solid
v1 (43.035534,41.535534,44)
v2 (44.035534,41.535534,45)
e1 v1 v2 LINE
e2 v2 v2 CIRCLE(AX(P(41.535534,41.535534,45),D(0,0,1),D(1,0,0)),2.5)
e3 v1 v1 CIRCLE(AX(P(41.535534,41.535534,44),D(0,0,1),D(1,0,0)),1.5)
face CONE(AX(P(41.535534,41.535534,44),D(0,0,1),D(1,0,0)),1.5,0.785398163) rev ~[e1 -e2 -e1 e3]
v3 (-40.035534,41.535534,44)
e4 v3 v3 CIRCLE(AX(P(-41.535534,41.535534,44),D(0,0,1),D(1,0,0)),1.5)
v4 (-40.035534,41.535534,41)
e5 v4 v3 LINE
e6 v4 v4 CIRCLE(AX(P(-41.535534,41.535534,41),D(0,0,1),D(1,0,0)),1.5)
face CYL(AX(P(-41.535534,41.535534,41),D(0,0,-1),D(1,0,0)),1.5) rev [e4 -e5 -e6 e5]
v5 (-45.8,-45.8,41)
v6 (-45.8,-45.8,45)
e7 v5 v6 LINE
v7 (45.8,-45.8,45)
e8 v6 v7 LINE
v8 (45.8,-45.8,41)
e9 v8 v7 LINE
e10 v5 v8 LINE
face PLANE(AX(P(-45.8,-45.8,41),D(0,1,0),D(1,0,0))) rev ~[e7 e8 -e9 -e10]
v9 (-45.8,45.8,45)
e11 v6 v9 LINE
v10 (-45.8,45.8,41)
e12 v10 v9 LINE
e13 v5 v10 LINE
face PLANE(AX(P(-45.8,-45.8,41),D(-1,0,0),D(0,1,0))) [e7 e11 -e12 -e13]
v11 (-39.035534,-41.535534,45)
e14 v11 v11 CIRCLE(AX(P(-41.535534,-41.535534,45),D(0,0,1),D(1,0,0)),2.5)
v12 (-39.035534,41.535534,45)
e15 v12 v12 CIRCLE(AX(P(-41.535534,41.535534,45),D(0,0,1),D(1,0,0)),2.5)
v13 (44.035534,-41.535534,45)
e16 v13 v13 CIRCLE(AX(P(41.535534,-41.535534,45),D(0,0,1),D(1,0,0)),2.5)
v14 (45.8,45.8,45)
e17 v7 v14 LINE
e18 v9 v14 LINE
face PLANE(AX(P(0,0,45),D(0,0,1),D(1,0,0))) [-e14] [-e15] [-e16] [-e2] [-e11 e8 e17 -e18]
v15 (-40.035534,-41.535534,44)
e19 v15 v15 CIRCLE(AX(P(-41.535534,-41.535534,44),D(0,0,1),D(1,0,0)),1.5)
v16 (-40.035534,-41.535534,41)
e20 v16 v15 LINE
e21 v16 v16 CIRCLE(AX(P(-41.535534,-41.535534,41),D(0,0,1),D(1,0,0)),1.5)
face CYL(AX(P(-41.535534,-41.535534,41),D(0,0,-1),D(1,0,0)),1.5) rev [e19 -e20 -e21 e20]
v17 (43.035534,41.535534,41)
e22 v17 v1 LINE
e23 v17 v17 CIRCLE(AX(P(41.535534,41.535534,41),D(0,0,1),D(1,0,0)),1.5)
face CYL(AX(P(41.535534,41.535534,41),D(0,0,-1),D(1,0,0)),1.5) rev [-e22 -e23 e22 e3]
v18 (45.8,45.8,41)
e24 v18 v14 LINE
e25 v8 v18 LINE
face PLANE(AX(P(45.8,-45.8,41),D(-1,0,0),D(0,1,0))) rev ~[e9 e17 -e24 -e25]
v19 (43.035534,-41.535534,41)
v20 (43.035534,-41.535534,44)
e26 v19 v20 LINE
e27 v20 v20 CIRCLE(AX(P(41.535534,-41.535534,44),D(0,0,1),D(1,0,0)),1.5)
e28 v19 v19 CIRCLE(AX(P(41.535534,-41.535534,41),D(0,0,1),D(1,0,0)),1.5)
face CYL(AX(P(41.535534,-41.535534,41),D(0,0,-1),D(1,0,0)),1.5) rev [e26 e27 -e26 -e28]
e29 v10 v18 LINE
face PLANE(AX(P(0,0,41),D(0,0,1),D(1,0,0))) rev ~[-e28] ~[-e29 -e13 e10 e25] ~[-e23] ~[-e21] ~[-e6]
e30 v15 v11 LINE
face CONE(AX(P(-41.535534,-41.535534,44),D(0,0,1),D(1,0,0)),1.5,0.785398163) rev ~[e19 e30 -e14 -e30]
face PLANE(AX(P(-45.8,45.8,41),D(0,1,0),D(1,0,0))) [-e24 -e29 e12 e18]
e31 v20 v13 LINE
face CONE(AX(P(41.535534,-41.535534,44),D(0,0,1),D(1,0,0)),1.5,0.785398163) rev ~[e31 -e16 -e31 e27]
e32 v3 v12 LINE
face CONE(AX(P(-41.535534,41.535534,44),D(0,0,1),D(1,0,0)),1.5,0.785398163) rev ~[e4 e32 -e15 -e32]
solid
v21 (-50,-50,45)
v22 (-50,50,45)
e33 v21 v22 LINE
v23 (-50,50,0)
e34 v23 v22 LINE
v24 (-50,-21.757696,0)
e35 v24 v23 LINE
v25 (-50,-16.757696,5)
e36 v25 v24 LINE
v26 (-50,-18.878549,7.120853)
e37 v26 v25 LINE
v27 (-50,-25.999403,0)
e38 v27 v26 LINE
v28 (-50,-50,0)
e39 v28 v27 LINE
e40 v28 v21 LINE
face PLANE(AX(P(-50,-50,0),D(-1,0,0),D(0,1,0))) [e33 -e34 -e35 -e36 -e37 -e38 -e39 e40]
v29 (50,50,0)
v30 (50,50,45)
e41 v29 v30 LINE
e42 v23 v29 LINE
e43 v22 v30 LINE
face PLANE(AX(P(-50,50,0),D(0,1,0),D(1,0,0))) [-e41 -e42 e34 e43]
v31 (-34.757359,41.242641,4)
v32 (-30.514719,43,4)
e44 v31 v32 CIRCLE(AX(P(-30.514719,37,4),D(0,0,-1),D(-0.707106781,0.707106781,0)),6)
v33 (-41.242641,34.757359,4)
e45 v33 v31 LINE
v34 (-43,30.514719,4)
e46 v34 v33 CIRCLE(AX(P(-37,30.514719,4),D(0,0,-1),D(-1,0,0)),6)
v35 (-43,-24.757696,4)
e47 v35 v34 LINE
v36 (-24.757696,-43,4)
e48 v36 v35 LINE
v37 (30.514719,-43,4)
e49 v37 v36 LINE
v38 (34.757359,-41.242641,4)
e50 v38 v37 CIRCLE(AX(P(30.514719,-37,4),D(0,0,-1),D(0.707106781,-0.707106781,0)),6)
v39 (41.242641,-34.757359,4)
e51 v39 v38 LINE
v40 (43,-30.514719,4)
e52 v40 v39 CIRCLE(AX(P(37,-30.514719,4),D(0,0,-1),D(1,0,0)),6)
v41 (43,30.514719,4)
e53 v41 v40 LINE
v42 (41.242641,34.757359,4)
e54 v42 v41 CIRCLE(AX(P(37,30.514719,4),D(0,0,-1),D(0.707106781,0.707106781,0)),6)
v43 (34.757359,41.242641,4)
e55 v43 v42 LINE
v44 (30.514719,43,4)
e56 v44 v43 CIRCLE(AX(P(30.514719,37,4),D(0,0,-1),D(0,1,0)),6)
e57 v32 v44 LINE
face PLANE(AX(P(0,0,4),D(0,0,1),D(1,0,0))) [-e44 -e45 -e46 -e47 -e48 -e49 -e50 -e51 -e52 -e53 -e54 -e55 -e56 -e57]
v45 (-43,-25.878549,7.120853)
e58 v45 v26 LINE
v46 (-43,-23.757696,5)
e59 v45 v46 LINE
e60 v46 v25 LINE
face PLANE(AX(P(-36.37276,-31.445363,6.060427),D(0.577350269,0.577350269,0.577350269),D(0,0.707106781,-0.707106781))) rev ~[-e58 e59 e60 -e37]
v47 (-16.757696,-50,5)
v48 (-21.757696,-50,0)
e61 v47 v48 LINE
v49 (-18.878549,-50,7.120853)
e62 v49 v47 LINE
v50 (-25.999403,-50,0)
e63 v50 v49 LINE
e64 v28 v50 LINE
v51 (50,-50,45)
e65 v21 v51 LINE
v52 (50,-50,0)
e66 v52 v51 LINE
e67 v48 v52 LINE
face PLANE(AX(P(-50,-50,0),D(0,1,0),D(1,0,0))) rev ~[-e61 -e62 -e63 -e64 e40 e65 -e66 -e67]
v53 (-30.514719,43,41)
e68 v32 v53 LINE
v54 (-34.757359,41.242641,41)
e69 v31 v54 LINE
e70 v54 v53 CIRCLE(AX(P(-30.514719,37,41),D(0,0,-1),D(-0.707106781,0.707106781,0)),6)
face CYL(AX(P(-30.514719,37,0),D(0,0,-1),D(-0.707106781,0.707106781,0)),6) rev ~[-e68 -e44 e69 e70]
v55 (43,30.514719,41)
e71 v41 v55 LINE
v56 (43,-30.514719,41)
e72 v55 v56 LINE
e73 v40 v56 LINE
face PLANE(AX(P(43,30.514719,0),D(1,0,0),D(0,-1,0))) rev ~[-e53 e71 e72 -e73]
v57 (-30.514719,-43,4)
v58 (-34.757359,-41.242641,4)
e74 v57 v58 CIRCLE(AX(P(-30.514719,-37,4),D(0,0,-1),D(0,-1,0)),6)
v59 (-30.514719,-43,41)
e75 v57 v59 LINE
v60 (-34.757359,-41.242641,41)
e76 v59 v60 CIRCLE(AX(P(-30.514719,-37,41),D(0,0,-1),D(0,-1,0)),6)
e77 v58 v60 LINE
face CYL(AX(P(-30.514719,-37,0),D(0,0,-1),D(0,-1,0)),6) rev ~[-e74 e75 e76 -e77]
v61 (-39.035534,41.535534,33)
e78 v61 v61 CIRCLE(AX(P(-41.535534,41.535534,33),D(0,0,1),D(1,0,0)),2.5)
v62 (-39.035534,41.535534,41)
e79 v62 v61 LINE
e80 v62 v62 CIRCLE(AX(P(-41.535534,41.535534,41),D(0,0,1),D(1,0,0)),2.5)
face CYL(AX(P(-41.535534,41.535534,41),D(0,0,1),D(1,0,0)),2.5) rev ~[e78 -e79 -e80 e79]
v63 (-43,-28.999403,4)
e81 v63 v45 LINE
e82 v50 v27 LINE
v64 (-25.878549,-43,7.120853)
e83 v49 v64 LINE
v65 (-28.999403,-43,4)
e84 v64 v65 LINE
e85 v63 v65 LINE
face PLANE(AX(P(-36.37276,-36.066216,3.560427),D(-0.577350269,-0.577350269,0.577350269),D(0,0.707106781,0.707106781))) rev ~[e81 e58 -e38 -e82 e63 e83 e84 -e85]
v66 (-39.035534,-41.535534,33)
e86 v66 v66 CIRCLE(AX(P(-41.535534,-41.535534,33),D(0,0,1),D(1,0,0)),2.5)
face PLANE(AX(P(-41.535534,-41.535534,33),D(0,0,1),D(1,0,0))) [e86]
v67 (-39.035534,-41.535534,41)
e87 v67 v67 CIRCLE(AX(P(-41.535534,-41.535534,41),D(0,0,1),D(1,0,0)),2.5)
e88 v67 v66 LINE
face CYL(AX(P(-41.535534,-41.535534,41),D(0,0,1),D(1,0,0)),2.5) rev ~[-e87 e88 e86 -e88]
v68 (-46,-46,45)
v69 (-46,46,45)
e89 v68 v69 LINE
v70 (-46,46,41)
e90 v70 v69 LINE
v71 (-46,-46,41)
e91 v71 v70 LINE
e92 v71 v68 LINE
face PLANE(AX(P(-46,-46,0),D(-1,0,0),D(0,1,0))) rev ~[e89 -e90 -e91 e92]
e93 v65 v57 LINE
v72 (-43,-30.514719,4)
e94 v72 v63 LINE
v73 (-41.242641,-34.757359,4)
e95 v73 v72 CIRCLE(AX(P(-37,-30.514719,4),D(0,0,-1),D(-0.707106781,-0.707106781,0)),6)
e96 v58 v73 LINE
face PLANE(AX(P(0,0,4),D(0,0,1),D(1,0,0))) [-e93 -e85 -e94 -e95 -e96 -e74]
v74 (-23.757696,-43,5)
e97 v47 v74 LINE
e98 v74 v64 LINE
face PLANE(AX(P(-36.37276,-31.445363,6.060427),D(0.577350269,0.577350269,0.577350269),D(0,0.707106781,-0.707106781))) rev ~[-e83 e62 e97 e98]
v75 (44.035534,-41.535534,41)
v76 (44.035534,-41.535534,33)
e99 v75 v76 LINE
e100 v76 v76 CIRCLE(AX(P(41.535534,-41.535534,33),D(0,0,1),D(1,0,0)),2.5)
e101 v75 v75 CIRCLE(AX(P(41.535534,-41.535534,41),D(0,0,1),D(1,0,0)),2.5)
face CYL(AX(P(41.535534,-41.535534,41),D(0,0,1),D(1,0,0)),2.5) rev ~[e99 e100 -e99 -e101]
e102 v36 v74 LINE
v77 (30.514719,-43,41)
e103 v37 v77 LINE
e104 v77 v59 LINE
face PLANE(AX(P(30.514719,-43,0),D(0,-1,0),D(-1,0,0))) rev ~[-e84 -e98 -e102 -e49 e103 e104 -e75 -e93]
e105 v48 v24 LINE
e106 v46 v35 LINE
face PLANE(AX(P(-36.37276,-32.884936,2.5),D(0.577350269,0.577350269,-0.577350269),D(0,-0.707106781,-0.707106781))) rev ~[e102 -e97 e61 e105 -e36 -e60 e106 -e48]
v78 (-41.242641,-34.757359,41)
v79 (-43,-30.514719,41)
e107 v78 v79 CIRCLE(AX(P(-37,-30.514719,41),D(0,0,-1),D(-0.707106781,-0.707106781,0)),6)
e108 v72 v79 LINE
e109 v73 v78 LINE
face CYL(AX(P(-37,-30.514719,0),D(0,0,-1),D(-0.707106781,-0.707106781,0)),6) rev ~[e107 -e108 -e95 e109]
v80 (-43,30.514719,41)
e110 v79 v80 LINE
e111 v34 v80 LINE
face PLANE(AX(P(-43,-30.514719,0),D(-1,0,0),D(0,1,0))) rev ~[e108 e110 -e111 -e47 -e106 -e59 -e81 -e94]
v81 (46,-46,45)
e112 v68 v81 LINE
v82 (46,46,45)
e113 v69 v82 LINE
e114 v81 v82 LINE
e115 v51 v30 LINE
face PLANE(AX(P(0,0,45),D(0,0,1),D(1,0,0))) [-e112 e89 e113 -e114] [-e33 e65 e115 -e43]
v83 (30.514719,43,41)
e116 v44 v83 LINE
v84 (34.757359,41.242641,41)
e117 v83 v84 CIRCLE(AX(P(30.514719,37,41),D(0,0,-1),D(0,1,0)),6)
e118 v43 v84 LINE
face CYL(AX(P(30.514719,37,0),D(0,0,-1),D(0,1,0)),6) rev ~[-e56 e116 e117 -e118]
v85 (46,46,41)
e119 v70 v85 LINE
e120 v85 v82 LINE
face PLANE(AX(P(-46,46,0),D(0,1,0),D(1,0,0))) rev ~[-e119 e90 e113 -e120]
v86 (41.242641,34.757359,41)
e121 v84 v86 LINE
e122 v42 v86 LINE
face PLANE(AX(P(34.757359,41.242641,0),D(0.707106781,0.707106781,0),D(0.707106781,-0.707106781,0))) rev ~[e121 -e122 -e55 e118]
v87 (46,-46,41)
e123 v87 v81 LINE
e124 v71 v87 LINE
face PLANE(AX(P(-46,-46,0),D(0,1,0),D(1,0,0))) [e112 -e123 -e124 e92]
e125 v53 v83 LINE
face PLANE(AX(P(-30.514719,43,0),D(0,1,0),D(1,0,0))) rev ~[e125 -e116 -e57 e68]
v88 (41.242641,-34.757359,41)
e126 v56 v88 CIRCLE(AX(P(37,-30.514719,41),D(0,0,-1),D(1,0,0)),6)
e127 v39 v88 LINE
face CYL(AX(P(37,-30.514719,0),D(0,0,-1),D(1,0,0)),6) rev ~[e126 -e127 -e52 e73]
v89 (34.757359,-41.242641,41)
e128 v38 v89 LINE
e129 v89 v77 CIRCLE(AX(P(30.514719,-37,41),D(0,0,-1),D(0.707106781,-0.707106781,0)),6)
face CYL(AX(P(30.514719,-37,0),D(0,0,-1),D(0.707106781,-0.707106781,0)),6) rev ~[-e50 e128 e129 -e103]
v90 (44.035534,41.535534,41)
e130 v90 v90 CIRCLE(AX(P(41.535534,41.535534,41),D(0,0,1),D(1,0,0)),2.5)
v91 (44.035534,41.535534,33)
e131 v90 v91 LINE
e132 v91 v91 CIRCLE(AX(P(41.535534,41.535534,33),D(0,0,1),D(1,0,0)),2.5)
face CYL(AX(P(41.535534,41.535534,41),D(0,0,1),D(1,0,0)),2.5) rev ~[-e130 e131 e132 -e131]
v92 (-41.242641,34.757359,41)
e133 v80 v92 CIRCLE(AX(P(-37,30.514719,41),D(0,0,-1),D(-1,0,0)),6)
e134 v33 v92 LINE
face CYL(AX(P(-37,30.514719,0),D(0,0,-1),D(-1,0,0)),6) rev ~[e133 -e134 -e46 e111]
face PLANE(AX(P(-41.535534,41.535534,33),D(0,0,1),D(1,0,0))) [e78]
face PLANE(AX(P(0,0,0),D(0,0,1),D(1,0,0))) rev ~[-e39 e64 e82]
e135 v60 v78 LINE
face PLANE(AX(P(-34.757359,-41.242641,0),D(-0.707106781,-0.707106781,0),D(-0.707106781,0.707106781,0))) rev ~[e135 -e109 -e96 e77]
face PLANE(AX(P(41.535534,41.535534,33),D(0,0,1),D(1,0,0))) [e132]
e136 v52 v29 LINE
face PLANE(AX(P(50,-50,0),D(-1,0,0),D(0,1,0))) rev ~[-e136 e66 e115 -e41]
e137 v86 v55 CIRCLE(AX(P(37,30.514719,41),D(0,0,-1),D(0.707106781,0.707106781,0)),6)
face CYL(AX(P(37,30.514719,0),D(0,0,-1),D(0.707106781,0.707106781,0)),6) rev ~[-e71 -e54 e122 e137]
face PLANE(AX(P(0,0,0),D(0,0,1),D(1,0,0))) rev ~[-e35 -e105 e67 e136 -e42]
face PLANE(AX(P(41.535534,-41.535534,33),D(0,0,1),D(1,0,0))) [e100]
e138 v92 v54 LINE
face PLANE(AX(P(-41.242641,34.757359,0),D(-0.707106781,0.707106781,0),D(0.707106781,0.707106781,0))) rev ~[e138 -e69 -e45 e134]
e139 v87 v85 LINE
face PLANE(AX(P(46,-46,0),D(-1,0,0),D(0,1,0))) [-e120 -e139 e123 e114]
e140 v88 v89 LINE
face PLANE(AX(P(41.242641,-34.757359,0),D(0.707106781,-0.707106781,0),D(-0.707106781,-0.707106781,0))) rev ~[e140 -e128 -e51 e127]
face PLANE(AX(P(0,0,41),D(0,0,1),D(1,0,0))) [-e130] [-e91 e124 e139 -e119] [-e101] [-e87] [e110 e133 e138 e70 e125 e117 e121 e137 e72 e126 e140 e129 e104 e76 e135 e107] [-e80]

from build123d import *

# Parameters (mm, degrees)
F0_W      = 100
F0_H      = 100
F0_W_2    = 92
F0_H_2    = 92
F1_DEPTH  = 45
F2_DEPTH  = 41
F3_DEPTH  = 4
F7_R      = 2.5
F8_DEPTH  = 8
F9_W      = 91.6
F9_H      = 91.6
F9_R      = 2.5
F9_R_2    = 1.5
F10_DEPTH = 4
F11_SIZE  = 1


with BuildPart() as f1:
    # F0 (on Top) → F1 (new body)
    with BuildSketch(Plane.XY):
        Rectangle(F0_W, F0_H)
        Rectangle(F0_W_2, F0_H_2, mode=Mode.SUBTRACT)
    extrude(amount=F1_DEPTH)

    # F0 (on Top) → F2 (join)
    with BuildSketch(Plane.XY):
        Rectangle(F0_W_2, F0_H_2)
        with BuildLine():
            Line((-30.5147186258, 43), (30.5147186258, 43))
            ThreePointArc((30.5147186258, 43), (32.81081922, 42.5432771951), (34.7573593129, 41.2426406871))
            Line((34.7573593129, 41.2426406871), (41.2426406871, 34.7573593129))
            ThreePointArc((41.2426406871, 34.7573593129), (42.5432771951, 32.81081922), (43, 30.5147186258))
            Line((43, 30.5147186258), (43, -30.5147186258))
            ThreePointArc((43, -30.5147186258), (42.5432771951, -32.81081922), (41.2426406871, -34.7573593129))
            Line((41.2426406871, -34.7573593129), (34.7573593129, -41.2426406871))
            ThreePointArc((34.7573593129, -41.2426406871), (32.81081922, -42.5432771951), (30.5147186258, -43))
            Line((30.5147186258, -43), (-30.5147186258, -43))
            ThreePointArc((-30.5147186258, -43), (-32.81081922, -42.5432771951), (-34.7573593129, -41.2426406871))
            Line((-34.7573593129, -41.2426406871), (-41.2426406871, -34.7573593129))
            ThreePointArc((-41.2426406871, -34.7573593129), (-42.5432771951, -32.81081922), (-43, -30.5147186258))
            Line((-43, -30.5147186258), (-43, 30.5147186258))
            ThreePointArc((-43, 30.5147186258), (-42.5432771951, 32.81081922), (-41.2426406871, 34.7573593129))
            Line((-41.2426406871, 34.7573593129), (-34.7573593129, 41.2426406871))
            ThreePointArc((-34.7573593129, 41.2426406871), (-32.81081922, 42.5432771951), (-30.5147186258, 43))
        make_face(mode=Mode.SUBTRACT)
    extrude(amount=F2_DEPTH)

    # F0 (on Top) → F3 (join)
    with BuildSketch(Plane.XY):
        Rectangle(F0_W_2, F0_H_2)
        with BuildLine():
            Line((-30.5147186258, 43), (30.5147186258, 43))
            ThreePointArc((30.5147186258, 43), (32.81081922, 42.5432771951), (34.7573593129, 41.2426406871))
            Line((34.7573593129, 41.2426406871), (41.2426406871, 34.7573593129))
            ThreePointArc((41.2426406871, 34.7573593129), (42.5432771951, 32.81081922), (43, 30.5147186258))
            Line((43, 30.5147186258), (43, -30.5147186258))
            ThreePointArc((43, -30.5147186258), (42.5432771951, -32.81081922), (41.2426406871, -34.7573593129))
            Line((41.2426406871, -34.7573593129), (34.7573593129, -41.2426406871))
            ThreePointArc((34.7573593129, -41.2426406871), (32.81081922, -42.5432771951), (30.5147186258, -43))
            Line((30.5147186258, -43), (-30.5147186258, -43))
            ThreePointArc((-30.5147186258, -43), (-32.81081922, -42.5432771951), (-34.7573593129, -41.2426406871))
            Line((-34.7573593129, -41.2426406871), (-41.2426406871, -34.7573593129))
            ThreePointArc((-41.2426406871, -34.7573593129), (-42.5432771951, -32.81081922), (-43, -30.5147186258))
            Line((-43, -30.5147186258), (-43, 30.5147186258))
            ThreePointArc((-43, 30.5147186258), (-42.5432771951, 32.81081922), (-41.2426406871, 34.7573593129))
            Line((-41.2426406871, 34.7573593129), (-34.7573593129, 41.2426406871))
            ThreePointArc((-34.7573593129, 41.2426406871), (-32.81081922, 42.5432771951), (-30.5147186258, 43))
        make_face(mode=Mode.SUBTRACT)
        with BuildLine():
            ThreePointArc((34.7573593129, 41.2426406871), (32.81081922, 42.5432771951), (30.5147186258, 43))
            Line((30.5147186258, 43), (-30.5147186258, 43))
            ThreePointArc((-30.5147186258, 43), (-32.81081922, 42.5432771951), (-34.7573593129, 41.2426406871))
            Line((-34.7573593129, 41.2426406871), (-41.2426406871, 34.7573593129))
            ThreePointArc((-41.2426406871, 34.7573593129), (-42.5432771951, 32.81081922), (-43, 30.5147186258))
            Line((-43, 30.5147186258), (-43, -30.5147186258))
            ThreePointArc((-43, -30.5147186258), (-42.5432771951, -32.81081922), (-41.2426406871, -34.7573593129))
            Line((-41.2426406871, -34.7573593129), (-34.7573593129, -41.2426406871))
            ThreePointArc((-34.7573593129, -41.2426406871), (-32.81081922, -42.5432771951), (-30.5147186258, -43))
            Line((-30.5147186258, -43), (30.5147186258, -43))
            ThreePointArc((30.5147186258, -43), (32.81081922, -42.5432771951), (34.7573593129, -41.2426406871))
            Line((34.7573593129, -41.2426406871), (41.2426406871, -34.7573593129))
            ThreePointArc((41.2426406871, -34.7573593129), (42.5432771951, -32.81081922), (43, -30.5147186258))
            Line((43, -30.5147186258), (43, 30.5147186258))
            ThreePointArc((43, 30.5147186258), (42.5432771951, 32.81081922), (41.2426406871, 34.7573593129))
            Line((41.2426406871, 34.7573593129), (34.7573593129, 41.2426406871))
        make_face()
    extrude(amount=F3_DEPTH)

    # F6: sweep along a path in F4
    with BuildLine(Plane.XY) as f6_path:
        Line((-14.9084937871, -61.0915062129), (-57.837025553, -18.162974447))
    # F5 (on face) → F6 (sweep, cut)
    with BuildSketch(Plane(origin=(-50, 0, 0), x_dir=(0, -1, 0), z_dir=(-1, 0, 0))):
        Polygon((16.7576958239, 5), (21.7576958239, 0), (25.9994026273, 0), (18.8785492256, 7.1208534017), align=None)
    sweep(path=f6_path.line, mode=Mode.SUBTRACT)

    # F7 (on face) → F8 (cut)
    with BuildSketch(Plane.XY.offset(41)):
        with Locations((-41.5355339059, 41.5355339059)):
            Circle(F7_R)
        with Locations((41.5355339059, 41.5355339059)):
            Circle(F7_R)
        with Locations((41.5355339059, -41.5355339059)):
            Circle(F7_R)
        with Locations((-41.5355339059, -41.5355339059)):
            Circle(F7_R)
    extrude(amount=-F8_DEPTH, mode=Mode.SUBTRACT)


with BuildPart() as f10:
    # F9 (on face) → F10 (new body)
    with BuildSketch(Plane.XY.offset(41)):
        Rectangle(F9_W, F9_H)
        with Locations((-41.5355339059, -41.5355339059)):
            Circle(F9_R, mode=Mode.SUBTRACT)
        with Locations((41.5355339059, -41.5355339059)):
            Circle(F9_R, mode=Mode.SUBTRACT)
        with Locations((-41.5355339059, 41.5355339059)):
            Circle(F9_R, mode=Mode.SUBTRACT)
        with BuildLine():
            ThreePointArc((-34.7573593129, 41.2426406871), (-32.81081922, 42.5432771951), (-30.5147186258, 43))
            Line((-30.5147186258, 43), (30.5147186258, 43))
            ThreePointArc((30.5147186258, 43), (32.81081922, 42.5432771951), (34.7573593129, 41.2426406871))
            Line((34.7573593129, 41.2426406871), (41.2426406871, 34.7573593129))
            ThreePointArc((41.2426406871, 34.7573593129), (42.5432771951, 32.81081922), (43, 30.5147186258))
            Line((43, 30.5147186258), (43, -30.5147186258))
            ThreePointArc((43, -30.5147186258), (42.5432771951, -32.81081922), (41.2426406871, -34.7573593129))
            Line((41.2426406871, -34.7573593129), (34.7573593129, -41.2426406871))
            ThreePointArc((34.7573593129, -41.2426406871), (32.81081922, -42.5432771951), (30.5147186258, -43))
            Line((30.5147186258, -43), (-30.5147186258, -43))
            ThreePointArc((-30.5147186258, -43), (-32.81081922, -42.5432771951), (-34.7573593129, -41.2426406871))
            Line((-34.7573593129, -41.2426406871), (-41.2426406871, -34.7573593129))
            ThreePointArc((-41.2426406871, -34.7573593129), (-42.5432771951, -32.81081922), (-43, -30.5147186258))
            Line((-43, -30.5147186258), (-43, 30.5147186258))
            ThreePointArc((-43, 30.5147186258), (-42.5432771951, 32.81081922), (-41.2426406871, 34.7573593129))
            Line((-41.2426406871, 34.7573593129), (-34.7573593129, 41.2426406871))
        make_face(mode=Mode.SUBTRACT)
        with Locations((41.5355339059, 41.5355339059)):
            Circle(F9_R, mode=Mode.SUBTRACT)
        with BuildLine():
            Line((30.5147186258, 43), (-30.5147186258, 43))
            ThreePointArc((-30.5147186258, 43), (-32.81081922, 42.5432771951), (-34.7573593129, 41.2426406871))
            Line((-34.7573593129, 41.2426406871), (-41.2426406871, 34.7573593129))
            ThreePointArc((-41.2426406871, 34.7573593129), (-42.5432771951, 32.81081922), (-43, 30.5147186258))
            Line((-43, 30.5147186258), (-43, -30.5147186258))
            ThreePointArc((-43, -30.5147186258), (-42.5432771951, -32.81081922), (-41.2426406871, -34.7573593129))
            Line((-41.2426406871, -34.7573593129), (-34.7573593129, -41.2426406871))
            ThreePointArc((-34.7573593129, -41.2426406871), (-32.81081922, -42.5432771951), (-30.5147186258, -43))
            Line((-30.5147186258, -43), (30.5147186258, -43))
            ThreePointArc((30.5147186258, -43), (32.81081922, -42.5432771951), (34.7573593129, -41.2426406871))
            Line((34.7573593129, -41.2426406871), (41.2426406871, -34.7573593129))
            ThreePointArc((41.2426406871, -34.7573593129), (42.5432771951, -32.81081922), (43, -30.5147186258))
            Line((43, -30.5147186258), (43, 30.5147186258))
            ThreePointArc((43, 30.5147186258), (42.5432771951, 32.81081922), (41.2426406871, 34.7573593129))
            Line((41.2426406871, 34.7573593129), (34.7573593129, 41.2426406871))
            ThreePointArc((34.7573593129, 41.2426406871), (32.81081922, 42.5432771951), (30.5147186258, 43))
        make_face()
        with Locations((-41.5355339059, 41.5355339059)):
            Circle(F9_R)
        with Locations((-41.5355339059, 41.5355339059)):
            Circle(F9_R_2, mode=Mode.SUBTRACT)
        with Locations((-41.5355339059, -41.5355339059)):
            Circle(F9_R)
        with Locations((-41.5355339059, -41.5355339059)):
            Circle(F9_R_2, mode=Mode.SUBTRACT)
        with Locations((41.5355339059, -41.5355339059)):
            Circle(F9_R)
        with Locations((41.5355339059, -41.5355339059)):
            Circle(F9_R_2, mode=Mode.SUBTRACT)
        with Locations((41.5355339059, 41.5355339059)):
            Circle(F9_R)
        with Locations((41.5355339059, 41.5355339059)):
            Circle(F9_R_2, mode=Mode.SUBTRACT)
    extrude(amount=F10_DEPTH)

    # F11
    f11_edges = [f10.edges().sort_by_distance(p)[0] for p in [
        (-43.035534, 41.535534, 45),
        (40.035534, 41.535534, 45),
        (-43.035534, -41.535534, 45),
        (40.035534, -41.535534, 45),
    ]]
    chamfer(f11_edges, length=F11_SIZE)


solid = Compound([f1.part, f10.part])
